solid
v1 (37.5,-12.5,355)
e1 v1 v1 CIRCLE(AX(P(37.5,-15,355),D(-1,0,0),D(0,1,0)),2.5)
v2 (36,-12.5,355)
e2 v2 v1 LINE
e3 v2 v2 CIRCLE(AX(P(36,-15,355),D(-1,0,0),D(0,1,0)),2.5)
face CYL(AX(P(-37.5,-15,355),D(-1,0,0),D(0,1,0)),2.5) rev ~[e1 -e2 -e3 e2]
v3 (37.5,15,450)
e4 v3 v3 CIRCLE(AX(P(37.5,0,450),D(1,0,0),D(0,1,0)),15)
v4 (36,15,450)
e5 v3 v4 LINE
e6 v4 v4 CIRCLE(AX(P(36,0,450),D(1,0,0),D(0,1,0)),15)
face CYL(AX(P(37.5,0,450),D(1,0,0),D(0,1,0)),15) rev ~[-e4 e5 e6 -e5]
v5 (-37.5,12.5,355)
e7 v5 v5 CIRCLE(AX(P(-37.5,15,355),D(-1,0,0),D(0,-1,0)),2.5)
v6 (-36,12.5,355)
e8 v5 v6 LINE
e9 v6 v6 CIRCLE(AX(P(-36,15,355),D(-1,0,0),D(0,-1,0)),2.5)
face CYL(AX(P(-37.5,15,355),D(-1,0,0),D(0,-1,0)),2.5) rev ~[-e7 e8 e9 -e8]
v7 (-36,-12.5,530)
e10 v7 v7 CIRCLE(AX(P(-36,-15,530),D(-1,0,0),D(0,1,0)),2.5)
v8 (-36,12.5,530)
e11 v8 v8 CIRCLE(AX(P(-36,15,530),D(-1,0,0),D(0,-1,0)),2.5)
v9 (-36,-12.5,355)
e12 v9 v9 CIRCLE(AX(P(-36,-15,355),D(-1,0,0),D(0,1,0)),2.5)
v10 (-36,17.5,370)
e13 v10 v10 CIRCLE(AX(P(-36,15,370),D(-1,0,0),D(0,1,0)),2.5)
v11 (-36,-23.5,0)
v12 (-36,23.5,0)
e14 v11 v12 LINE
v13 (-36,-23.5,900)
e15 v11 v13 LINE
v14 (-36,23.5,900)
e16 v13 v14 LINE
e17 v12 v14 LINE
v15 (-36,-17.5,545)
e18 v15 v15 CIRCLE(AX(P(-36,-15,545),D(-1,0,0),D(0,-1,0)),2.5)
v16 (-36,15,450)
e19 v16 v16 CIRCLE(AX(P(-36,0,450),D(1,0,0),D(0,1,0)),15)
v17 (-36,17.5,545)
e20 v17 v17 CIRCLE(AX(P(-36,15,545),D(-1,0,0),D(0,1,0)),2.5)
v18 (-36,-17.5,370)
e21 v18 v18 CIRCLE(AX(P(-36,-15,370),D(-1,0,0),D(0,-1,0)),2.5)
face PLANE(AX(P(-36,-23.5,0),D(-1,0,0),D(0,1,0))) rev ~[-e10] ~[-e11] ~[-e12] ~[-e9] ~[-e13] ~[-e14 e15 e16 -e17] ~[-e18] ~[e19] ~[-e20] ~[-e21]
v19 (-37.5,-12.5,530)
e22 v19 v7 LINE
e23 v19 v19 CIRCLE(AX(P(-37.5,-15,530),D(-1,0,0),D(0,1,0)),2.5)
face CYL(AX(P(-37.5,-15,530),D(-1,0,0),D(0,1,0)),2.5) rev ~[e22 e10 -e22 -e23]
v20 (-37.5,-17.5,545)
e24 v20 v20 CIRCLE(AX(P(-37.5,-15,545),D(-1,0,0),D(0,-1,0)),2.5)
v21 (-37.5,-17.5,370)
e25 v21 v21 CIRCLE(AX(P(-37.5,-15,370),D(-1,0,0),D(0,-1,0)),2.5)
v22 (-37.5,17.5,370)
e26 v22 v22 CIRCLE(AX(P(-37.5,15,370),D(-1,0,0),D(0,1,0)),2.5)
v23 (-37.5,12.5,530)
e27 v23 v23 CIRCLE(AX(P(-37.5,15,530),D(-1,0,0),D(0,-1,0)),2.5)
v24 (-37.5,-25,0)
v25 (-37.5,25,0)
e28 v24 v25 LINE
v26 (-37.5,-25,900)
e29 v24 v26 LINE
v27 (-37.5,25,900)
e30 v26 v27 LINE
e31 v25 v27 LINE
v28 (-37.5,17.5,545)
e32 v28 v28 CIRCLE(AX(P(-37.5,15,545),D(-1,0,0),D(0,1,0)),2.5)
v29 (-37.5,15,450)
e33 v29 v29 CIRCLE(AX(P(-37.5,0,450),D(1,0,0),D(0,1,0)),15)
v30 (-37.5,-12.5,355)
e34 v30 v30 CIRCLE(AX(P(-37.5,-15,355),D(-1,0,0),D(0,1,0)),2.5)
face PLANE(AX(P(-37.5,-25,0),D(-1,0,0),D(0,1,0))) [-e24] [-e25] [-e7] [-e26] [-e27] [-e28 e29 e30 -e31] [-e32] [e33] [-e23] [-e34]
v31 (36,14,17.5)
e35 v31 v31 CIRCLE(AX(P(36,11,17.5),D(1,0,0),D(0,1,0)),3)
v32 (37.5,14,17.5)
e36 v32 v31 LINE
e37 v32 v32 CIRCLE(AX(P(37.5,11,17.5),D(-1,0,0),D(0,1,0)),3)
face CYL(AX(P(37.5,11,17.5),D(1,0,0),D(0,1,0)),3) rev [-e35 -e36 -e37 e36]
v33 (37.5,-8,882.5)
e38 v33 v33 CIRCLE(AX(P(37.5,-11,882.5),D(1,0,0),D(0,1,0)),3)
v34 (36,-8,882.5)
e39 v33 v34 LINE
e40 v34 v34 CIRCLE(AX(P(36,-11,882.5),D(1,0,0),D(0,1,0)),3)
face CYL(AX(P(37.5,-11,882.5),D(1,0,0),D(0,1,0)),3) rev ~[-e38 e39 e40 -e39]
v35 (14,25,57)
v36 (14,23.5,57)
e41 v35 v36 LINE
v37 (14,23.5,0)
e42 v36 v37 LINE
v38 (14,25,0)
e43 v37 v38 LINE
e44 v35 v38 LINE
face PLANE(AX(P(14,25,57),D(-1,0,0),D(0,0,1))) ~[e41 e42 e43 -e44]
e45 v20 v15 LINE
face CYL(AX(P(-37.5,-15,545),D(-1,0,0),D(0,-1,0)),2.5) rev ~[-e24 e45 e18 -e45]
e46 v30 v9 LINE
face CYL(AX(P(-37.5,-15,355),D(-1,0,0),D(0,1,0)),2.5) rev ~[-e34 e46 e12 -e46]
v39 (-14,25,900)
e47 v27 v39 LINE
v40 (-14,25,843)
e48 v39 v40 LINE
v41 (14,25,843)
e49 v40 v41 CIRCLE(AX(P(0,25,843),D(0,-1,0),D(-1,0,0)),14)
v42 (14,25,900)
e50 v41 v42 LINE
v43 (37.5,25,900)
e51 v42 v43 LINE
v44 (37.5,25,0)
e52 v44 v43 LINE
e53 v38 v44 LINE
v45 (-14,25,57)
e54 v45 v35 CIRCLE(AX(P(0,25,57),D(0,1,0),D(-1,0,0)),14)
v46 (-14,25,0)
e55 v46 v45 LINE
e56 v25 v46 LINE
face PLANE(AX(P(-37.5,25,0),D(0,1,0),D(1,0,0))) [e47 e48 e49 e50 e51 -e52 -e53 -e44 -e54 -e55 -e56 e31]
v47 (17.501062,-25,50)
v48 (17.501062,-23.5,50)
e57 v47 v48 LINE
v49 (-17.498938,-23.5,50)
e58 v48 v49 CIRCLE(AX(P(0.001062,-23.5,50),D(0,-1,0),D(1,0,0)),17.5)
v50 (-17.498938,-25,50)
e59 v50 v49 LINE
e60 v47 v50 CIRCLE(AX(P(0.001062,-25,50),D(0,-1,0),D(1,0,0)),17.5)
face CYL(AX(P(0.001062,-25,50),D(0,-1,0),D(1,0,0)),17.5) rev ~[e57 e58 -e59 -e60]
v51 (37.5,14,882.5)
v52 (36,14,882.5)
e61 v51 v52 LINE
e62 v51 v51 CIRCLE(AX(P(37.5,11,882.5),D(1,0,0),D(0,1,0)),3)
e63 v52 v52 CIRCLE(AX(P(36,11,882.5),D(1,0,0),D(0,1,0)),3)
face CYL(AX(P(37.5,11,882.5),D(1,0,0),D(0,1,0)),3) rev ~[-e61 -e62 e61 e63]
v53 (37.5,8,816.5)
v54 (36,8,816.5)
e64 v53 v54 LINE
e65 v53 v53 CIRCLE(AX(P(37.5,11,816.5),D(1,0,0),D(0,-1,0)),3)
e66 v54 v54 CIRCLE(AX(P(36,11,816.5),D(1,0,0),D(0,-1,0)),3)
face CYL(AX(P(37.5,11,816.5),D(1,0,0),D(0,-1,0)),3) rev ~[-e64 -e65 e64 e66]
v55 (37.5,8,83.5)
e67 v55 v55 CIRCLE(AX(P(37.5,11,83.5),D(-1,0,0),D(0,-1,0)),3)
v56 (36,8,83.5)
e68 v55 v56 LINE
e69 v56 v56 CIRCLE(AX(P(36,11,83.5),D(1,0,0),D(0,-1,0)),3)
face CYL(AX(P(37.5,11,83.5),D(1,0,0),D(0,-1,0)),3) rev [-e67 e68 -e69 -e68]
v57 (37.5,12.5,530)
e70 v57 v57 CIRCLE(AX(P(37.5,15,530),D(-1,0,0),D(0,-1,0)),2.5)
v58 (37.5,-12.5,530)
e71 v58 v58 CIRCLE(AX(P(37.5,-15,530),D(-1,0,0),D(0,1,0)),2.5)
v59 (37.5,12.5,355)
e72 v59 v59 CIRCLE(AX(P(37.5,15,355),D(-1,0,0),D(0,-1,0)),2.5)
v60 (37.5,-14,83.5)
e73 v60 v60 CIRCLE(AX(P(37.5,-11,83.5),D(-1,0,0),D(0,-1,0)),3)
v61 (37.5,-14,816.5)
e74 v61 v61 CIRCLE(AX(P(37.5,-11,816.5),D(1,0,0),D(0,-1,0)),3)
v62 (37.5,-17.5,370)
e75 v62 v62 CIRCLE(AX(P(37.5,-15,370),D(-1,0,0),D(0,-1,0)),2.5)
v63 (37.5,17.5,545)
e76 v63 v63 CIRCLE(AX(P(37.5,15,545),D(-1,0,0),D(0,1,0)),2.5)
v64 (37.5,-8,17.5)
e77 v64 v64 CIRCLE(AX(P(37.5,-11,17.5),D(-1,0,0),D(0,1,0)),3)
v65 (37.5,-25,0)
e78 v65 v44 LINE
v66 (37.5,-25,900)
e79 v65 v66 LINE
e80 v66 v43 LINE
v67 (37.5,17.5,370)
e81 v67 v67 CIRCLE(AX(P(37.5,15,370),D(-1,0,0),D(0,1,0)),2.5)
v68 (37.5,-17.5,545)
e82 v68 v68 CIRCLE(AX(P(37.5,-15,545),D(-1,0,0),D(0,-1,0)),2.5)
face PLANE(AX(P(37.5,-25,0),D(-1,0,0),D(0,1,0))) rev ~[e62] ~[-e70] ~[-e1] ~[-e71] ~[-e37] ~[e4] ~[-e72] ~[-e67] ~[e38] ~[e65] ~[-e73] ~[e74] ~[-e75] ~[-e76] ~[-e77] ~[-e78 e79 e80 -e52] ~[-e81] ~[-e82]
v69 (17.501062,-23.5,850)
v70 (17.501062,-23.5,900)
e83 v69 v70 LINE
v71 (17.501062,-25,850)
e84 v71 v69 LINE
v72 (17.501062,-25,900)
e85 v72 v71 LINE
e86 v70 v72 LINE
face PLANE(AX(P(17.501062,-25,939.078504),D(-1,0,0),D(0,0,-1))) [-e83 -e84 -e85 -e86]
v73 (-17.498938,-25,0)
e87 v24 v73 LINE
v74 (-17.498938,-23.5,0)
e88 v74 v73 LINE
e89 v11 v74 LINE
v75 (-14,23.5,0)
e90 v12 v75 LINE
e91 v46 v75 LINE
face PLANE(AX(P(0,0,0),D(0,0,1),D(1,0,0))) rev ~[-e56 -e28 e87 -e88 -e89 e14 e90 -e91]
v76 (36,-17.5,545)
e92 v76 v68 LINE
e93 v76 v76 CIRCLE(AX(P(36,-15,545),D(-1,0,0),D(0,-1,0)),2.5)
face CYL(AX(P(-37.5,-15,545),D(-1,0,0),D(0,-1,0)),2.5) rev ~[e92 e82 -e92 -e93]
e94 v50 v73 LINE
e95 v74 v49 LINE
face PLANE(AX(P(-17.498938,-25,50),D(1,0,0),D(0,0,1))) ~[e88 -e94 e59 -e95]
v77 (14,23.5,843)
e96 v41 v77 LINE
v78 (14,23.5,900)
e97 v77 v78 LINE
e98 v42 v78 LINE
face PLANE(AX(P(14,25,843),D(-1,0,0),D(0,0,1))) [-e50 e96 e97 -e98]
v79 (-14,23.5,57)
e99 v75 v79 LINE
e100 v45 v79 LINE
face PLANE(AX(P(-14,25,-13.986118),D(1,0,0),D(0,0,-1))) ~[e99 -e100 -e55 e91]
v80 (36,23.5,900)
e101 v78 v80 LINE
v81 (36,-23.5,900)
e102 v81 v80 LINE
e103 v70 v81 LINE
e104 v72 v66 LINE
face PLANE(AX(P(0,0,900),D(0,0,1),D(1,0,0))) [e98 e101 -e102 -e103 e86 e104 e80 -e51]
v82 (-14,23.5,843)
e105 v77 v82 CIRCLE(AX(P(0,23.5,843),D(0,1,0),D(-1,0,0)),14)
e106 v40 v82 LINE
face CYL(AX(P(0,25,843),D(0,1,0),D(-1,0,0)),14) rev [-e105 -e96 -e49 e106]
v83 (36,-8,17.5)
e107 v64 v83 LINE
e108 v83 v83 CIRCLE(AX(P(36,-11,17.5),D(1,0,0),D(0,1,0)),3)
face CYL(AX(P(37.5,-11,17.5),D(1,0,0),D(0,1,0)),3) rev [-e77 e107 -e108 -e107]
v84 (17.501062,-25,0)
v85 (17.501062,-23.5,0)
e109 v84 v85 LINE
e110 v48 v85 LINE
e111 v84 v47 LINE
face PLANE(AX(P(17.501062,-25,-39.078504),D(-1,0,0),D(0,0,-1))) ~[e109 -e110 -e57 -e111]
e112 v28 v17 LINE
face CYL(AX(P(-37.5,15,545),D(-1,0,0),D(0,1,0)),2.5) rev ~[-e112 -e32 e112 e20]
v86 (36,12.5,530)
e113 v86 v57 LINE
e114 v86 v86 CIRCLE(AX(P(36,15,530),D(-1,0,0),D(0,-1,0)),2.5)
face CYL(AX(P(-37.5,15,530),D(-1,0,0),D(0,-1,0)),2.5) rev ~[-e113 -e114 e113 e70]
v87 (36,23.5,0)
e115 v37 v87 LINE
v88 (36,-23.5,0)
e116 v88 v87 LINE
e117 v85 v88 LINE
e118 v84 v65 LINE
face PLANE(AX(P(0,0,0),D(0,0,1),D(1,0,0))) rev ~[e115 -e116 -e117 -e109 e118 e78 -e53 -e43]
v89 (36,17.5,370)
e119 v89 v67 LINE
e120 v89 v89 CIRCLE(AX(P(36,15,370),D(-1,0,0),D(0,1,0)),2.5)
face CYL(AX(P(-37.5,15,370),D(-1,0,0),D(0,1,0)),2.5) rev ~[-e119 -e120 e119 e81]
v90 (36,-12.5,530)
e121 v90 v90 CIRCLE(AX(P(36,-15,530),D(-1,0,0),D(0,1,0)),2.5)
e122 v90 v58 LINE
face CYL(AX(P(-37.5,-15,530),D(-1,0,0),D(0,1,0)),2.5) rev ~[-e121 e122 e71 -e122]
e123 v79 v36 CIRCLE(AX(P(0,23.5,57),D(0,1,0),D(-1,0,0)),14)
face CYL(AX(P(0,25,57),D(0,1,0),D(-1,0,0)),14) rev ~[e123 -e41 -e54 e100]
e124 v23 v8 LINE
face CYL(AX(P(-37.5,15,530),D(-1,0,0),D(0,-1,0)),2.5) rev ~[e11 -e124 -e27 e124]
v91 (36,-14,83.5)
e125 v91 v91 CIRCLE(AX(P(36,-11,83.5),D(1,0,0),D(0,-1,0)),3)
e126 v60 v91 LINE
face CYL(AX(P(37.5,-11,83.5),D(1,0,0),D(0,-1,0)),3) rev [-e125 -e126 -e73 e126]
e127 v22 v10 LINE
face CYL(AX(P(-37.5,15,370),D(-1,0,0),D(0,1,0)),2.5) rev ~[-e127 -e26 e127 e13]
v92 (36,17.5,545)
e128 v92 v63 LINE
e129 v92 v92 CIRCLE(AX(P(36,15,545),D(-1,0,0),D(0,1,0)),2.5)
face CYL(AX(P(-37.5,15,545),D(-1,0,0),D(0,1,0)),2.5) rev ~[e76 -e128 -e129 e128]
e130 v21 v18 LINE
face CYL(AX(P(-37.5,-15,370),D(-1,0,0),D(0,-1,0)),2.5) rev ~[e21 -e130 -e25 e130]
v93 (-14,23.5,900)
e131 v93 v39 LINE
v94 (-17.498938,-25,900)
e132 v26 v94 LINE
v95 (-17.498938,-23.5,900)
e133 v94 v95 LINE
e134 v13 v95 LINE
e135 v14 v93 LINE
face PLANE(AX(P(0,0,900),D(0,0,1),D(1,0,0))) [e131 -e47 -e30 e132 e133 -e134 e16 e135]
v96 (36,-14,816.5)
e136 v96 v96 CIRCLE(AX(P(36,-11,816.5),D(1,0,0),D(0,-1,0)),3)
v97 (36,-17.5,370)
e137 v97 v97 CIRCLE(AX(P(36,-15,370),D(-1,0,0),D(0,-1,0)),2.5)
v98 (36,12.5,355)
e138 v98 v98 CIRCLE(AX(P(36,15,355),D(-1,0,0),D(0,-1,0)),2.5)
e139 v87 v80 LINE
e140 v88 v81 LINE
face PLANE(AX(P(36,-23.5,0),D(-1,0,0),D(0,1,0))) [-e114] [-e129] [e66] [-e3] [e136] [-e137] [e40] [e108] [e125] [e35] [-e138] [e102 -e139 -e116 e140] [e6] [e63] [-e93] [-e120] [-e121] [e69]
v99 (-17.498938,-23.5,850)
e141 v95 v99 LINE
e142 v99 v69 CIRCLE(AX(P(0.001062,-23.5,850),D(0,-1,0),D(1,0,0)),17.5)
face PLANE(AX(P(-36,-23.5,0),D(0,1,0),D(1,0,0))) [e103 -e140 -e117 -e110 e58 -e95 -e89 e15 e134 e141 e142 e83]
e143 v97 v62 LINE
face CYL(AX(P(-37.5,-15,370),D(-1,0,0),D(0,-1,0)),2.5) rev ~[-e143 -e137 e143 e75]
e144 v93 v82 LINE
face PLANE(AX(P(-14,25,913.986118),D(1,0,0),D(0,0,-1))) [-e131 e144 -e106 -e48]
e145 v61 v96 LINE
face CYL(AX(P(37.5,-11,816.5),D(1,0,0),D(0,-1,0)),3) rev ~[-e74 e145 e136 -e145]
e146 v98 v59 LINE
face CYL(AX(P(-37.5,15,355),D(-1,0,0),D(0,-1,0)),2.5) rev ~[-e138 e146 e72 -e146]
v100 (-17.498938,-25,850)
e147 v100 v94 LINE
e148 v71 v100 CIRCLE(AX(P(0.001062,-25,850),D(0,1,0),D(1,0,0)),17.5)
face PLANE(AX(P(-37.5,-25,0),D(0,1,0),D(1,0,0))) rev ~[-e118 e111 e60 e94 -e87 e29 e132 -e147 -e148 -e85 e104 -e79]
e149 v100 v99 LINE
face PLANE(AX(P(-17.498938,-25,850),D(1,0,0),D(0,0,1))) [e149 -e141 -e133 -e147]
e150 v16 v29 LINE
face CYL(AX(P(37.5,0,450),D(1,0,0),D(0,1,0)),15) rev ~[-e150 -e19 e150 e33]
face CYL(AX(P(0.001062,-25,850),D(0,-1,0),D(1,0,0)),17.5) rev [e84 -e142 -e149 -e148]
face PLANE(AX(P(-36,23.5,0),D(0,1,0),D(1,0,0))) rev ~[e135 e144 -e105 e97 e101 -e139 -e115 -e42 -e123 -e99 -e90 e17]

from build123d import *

# Parameters (mm, degrees)
SKETCH1_W           = 75
SKETCH1_H           = 50
SKETCH1_W_2         = 72
SKETCH1_H_2         = 47
BOSS_EXTRUDE1_DEPTH = 900
SKETCH2_R           = 15
CUT_EXTRUDE1_DEPTH  = 59
CUT_EXTRUDE2_DEPTH  = 10
CUT_EXTRUDE3_DEPTH  = 10
SKETCH5_R           = 3
CUT_EXTRUDE4_DEPTH  = 55
SKETCH7_R           = 2.5
CUT_EXTRUDE6_DEPTH  = 904.46554998
SKETCH8_R           = 15
CUT_EXTRUDE7_DEPTH  = 97


with BuildPart() as part:
    # Sketch1 → Boss-Extrude1 (new body)
    with BuildSketch(Plane.XY):
        Rectangle(SKETCH1_W, SKETCH1_H)
        Rectangle(SKETCH1_W_2, SKETCH1_H_2, mode=Mode.SUBTRACT)
    extrude(amount=BOSS_EXTRUDE1_DEPTH)

    # Sketch2 → Cut-Extrude1 (cut)
    with BuildSketch(Plane(origin=(37.5, 0, 0), x_dir=(0, 0, -1), z_dir=(1, 0, 0))):
        with Locations(Location((-450, 0, 0), (0, 0, 90))):
            Circle(SKETCH2_R)
    extrude(amount=-CUT_EXTRUDE1_DEPTH, mode=Mode.SUBTRACT)

    # Sketch3 → Cut-Extrude2 (cut)
    with BuildSketch(Plane(origin=(0, 25, 0), x_dir=(1, 0, 0), z_dir=(0, 1, 0))):
        with BuildLine():
            Line((14, -843), (14, -913.98611775))
            ThreePointArc((14, -913.98611775), (0, -927.98611775), (-14, -913.98611775))
            Line((-14, -913.98611775), (-14, -843))
            ThreePointArc((-14, -843), (0, -829), (14, -843))
        make_face()
    cut_extrude2 = extrude(amount=-CUT_EXTRUDE2_DEPTH, mode=Mode.SUBTRACT)

    # Sketch4 → Cut-Extrude3 (cut)
    with BuildSketch(Plane.XZ.offset(25)):
        with BuildLine():
            Line((-17.498938419, 850), (-17.498938419, 939.078503923))
            ThreePointArc((-17.498938419, 939.078503923), (0.001061581, 956.578503923), (17.501061581, 939.078503923))
            Line((17.501061581, 939.078503923), (17.501061581, 850))
            ThreePointArc((17.501061581, 850), (0.001061581, 832.5), (-17.498938419, 850))
        make_face()
    cut_extrude3 = extrude(amount=-CUT_EXTRUDE3_DEPTH, mode=Mode.SUBTRACT)

    # Sketch5 → Cut-Extrude4 (cut)
    with BuildSketch(Plane(origin=(37.5, 0, 0), x_dir=(0, 0, -1), z_dir=(1, 0, 0))):
        with Locations(Location((-882.5, 11, 0), (0, 0, 90))):
            Circle(SKETCH5_R)
        with Locations(Location((-882.5, -11, 0), (0, 0, 90))):
            Circle(SKETCH5_R)
        with Locations(Location((-816.5, -11, 0), (0, 0, 270))):
            Circle(SKETCH5_R)
        with Locations(Location((-816.5, 11, 0), (0, 0, 270))):
            Circle(SKETCH5_R)
    cut_extrude4 = extrude(amount=-CUT_EXTRUDE4_DEPTH, mode=Mode.SUBTRACT)

    # Mirror1: Cut-Extrude2, Cut-Extrude3, Cut-Extrude4 across plane
    add(cut_extrude2.mirror(Plane.XY.offset(450)), mode=Mode.SUBTRACT)
    add(cut_extrude3.mirror(Plane.XY.offset(450)), mode=Mode.SUBTRACT)
    add(cut_extrude4.mirror(Plane.XY.offset(450)), mode=Mode.SUBTRACT)

    # Sketch7 → Cut-Extrude6 (cut, through all)
    with BuildSketch(Plane.ZY.offset(37.5)):
        with Locations(Location((355, 15, 0), (0, 0, 270))):
            Circle(SKETCH7_R)
        with Locations(Location((370, 15, 0), (0, 0, 90))):
            Circle(SKETCH7_R)
        with Locations(Location((370, -15, 0), (0, 0, 270))):
            Circle(SKETCH7_R)
        with Locations(Location((355, -15, 0), (0, 0, 90))):
            Circle(SKETCH7_R)
        with Locations(Location((545, -15, 0), (0, 0, 270))):
            Circle(SKETCH7_R)
        with Locations(Location((530, -15, 0), (0, 0, 90))):
            Circle(SKETCH7_R)
        with Locations(Location((530, 15, 0), (0, 0, 270))):
            Circle(SKETCH7_R)
        with Locations(Location((545, 15, 0), (0, 0, 90))):
            Circle(SKETCH7_R)
    extrude(amount=-CUT_EXTRUDE6_DEPTH, mode=Mode.SUBTRACT)

    # Sketch8 → Cut-Extrude7 (cut)
    with BuildSketch(Plane(origin=(37.5, 0, 0), x_dir=(0, 0, -1), z_dir=(1, 0, 0))):
        with Locations(Location((-450, 0, 0), (0, 0, 90))):
            Circle(SKETCH8_R)
    extrude(amount=-CUT_EXTRUDE7_DEPTH, mode=Mode.SUBTRACT)


solid = part.part
